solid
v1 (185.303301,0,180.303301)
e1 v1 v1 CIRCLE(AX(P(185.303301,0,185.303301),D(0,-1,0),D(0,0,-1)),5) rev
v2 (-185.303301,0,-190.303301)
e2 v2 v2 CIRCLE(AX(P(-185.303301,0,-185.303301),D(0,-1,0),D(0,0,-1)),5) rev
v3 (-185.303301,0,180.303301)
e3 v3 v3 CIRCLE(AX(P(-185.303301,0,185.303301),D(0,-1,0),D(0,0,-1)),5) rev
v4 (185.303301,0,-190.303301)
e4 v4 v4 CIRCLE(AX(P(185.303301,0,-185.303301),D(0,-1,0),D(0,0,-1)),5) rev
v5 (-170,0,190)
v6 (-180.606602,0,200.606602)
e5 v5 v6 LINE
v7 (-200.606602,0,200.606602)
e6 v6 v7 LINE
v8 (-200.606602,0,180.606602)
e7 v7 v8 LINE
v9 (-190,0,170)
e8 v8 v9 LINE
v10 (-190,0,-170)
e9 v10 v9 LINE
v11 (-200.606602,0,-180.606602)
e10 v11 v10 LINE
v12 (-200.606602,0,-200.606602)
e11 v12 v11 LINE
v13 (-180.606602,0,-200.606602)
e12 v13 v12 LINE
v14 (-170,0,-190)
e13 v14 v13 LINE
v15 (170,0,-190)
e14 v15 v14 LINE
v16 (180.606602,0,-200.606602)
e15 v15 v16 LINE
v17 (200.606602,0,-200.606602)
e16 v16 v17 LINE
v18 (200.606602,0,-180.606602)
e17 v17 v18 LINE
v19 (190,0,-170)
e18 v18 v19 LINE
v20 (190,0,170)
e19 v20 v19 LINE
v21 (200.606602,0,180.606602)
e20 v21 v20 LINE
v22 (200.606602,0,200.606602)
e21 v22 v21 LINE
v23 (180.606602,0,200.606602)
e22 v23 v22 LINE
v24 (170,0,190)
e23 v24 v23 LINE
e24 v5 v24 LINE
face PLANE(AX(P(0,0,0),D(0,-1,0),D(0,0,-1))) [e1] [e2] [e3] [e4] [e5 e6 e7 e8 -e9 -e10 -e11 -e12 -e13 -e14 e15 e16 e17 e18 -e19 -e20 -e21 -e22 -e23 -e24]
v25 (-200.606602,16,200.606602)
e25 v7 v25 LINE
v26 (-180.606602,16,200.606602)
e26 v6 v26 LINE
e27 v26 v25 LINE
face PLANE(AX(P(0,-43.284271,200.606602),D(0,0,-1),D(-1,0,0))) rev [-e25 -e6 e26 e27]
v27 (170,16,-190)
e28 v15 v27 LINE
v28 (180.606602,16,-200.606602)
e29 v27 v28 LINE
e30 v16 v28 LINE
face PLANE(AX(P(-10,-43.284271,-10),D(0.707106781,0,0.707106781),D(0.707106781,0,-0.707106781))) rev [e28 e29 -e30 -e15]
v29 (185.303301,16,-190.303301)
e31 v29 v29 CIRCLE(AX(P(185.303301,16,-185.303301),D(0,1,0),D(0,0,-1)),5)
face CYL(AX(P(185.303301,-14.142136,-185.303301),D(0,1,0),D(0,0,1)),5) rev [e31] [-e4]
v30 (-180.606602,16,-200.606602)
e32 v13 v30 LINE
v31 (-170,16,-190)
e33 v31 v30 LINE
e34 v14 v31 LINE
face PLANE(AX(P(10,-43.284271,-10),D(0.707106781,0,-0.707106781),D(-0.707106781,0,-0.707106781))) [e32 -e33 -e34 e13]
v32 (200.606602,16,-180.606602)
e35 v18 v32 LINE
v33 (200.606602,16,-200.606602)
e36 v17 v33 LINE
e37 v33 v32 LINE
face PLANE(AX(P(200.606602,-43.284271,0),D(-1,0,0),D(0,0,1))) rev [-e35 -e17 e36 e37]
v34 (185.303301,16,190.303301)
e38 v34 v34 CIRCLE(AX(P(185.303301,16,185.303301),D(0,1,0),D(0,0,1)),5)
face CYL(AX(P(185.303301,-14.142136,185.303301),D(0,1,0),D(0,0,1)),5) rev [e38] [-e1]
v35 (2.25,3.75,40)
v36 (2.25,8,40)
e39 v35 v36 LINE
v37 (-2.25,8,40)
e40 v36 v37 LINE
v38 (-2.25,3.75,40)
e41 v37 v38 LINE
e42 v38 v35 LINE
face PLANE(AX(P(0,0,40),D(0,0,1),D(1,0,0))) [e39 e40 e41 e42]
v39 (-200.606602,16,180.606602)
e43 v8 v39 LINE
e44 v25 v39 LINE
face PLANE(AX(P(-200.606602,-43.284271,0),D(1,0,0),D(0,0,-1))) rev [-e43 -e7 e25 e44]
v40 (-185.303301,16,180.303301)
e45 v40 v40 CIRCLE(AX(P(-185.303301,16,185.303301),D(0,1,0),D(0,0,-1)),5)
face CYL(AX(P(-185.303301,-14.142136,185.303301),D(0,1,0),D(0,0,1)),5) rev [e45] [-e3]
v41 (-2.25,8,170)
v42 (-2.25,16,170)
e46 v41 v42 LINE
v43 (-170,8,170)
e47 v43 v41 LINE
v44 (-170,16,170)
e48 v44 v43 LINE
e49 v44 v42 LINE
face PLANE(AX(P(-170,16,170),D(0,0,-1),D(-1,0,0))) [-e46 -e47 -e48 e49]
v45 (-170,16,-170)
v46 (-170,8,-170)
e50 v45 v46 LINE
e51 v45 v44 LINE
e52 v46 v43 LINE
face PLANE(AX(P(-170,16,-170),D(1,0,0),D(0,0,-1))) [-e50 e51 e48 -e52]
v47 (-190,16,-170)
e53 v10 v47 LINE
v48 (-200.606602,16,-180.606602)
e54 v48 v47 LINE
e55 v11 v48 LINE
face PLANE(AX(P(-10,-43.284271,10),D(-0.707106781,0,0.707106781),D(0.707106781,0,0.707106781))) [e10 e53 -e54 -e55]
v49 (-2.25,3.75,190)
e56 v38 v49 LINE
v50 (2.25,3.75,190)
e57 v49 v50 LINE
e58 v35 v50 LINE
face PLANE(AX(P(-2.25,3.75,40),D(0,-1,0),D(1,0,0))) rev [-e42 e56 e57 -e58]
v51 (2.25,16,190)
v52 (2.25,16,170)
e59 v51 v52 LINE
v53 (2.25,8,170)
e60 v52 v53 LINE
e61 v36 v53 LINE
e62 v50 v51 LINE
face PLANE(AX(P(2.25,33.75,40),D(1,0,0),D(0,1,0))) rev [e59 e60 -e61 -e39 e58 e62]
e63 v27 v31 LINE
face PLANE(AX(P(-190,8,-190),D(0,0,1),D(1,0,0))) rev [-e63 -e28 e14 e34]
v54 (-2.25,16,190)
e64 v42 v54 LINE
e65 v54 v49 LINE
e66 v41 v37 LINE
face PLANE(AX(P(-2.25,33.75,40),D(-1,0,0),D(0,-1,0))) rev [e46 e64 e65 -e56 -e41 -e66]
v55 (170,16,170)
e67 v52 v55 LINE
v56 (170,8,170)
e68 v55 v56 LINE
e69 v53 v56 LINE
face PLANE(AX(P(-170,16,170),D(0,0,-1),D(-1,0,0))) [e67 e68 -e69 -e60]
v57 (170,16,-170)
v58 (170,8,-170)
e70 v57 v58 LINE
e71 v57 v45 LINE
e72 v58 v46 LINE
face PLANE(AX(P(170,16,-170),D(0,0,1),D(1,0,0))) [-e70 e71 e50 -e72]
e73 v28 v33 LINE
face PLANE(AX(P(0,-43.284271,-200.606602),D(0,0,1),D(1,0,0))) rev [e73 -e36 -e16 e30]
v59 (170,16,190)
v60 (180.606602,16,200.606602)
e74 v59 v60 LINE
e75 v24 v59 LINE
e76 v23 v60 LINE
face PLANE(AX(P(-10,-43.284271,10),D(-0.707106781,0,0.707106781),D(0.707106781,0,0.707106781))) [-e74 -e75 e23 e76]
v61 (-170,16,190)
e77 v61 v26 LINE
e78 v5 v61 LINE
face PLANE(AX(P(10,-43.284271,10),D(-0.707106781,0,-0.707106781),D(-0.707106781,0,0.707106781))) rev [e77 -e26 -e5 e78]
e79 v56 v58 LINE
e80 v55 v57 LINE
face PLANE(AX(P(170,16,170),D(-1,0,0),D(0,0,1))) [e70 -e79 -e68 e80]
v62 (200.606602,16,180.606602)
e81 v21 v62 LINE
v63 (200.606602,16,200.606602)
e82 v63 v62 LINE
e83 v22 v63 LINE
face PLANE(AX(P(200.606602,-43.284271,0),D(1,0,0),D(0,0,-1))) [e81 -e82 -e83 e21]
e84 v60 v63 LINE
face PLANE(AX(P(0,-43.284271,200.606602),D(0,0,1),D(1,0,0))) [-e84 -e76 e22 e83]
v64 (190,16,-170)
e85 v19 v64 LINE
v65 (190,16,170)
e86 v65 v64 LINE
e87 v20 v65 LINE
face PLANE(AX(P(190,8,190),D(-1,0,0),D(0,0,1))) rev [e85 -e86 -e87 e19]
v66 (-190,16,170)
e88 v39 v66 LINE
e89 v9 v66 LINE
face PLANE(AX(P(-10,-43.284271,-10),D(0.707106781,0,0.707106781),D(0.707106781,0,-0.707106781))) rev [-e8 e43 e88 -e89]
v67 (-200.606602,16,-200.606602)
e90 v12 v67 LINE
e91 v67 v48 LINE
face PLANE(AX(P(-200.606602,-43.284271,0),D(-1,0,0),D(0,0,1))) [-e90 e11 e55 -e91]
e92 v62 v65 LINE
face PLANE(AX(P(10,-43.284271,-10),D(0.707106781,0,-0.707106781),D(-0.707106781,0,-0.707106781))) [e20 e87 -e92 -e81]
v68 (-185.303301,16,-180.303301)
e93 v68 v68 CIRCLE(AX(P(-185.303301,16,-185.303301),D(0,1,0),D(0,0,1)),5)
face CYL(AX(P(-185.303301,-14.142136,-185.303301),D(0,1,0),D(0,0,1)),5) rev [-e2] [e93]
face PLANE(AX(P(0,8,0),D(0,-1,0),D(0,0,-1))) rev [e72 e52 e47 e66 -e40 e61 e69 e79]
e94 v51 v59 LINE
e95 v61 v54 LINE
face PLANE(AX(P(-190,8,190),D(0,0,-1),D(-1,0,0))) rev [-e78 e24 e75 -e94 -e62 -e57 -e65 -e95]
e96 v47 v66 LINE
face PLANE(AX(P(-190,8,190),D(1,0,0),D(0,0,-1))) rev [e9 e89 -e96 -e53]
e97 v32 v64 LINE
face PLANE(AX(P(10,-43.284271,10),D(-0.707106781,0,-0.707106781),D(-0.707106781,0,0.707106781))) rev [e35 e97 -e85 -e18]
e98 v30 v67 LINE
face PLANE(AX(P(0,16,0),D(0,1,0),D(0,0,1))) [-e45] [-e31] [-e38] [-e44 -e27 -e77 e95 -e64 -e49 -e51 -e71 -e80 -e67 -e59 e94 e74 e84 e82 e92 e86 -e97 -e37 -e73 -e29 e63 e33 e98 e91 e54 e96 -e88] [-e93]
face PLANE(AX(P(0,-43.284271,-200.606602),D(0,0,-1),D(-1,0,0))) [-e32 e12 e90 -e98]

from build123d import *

# Parameters (mm, degrees)
SKETCH1_W            = 380
SKETCH1_H            = 380
BOSS_EXTRUDE1_DEPTH  = 8
SKETCH2_W            = 380
SKETCH2_H            = 380
SKETCH2_W_2          = 340
SKETCH2_H_2          = 340
BOSS_EXTRUDE2_DEPTH  = 8
BOSS_EXTRUDE3_DEPTH  = 16
MIRROR2_COPY_1_DEPTH = 16
SKETCH6_R            = 5
CUT_EXTRUDE1_DEPTH   = 16
SKETCH8_W            = 4.5
SKETCH8_H            = 30
CUT_EXTRUDE2_DEPTH   = 150


with BuildPart() as part:
    # Sketch1 → Boss-Extrude1 (new body)
    with BuildSketch(Plane(origin=(0, 0, 0), x_dir=(1, 0, 0), z_dir=(0, 1, 0))):
        Rectangle(SKETCH1_W, SKETCH1_H)
    extrude(amount=BOSS_EXTRUDE1_DEPTH)

    # Sketch2 → Boss-Extrude2 (add)
    with BuildSketch(Plane(origin=(0, 8, 0), x_dir=(1, 0, 0), z_dir=(0, 1, 0))):
        Rectangle(SKETCH2_W, SKETCH2_H)
        Rectangle(SKETCH2_W_2, SKETCH2_H_2, mode=Mode.SUBTRACT)
    extrude(amount=BOSS_EXTRUDE2_DEPTH)

    # Sketch3 → Boss-Extrude3 (add)
    with BuildSketch(Plane(origin=(0, 16, 0), x_dir=(1, 0, 0), z_dir=(0, 1, 0))):
        Polygon((-200.606601718, 180.606601718), (-190, 170), (-190, 190), (-170, 190), (-180.606601718, 200.606601718), (-200.606601718, 200.606601718), align=None)
    boss_extrude3 = extrude(amount=-BOSS_EXTRUDE3_DEPTH)

    # Mirror1: Boss-Extrude3 across plane
    add(boss_extrude3.mirror(Plane(origin=(0, 0, 0), x_dir=(0, 0, 1), z_dir=(1, 0, 0))))

    # Mirror2: Boss-Extrude3 across plane
    add(boss_extrude3.mirror(Plane.XY))

    # Mirror2 copy 1 sketch → Mirror2 copy 1 (add)
    with BuildSketch(Plane(origin=(0, 16, 0), x_dir=(-1, 0, 0), z_dir=(0, 1, 0))):
        Polygon((-200.606601718, 180.606601718), (-190, 170), (-190, 190), (-170, 190), (-180.606601718, 200.606601718), (-200.606601718, 200.606601718), align=None)
    extrude(amount=-MIRROR2_COPY_1_DEPTH)

    # Sketch6 → Cut-Extrude1 (cut)
    with BuildSketch(Plane(origin=(0, 16, 0), x_dir=(1, 0, 0), z_dir=(0, 1, 0))):
        with Locations(Location((-185.303300859, 185.303300859, 0), (0, 0, 270))):
            Circle(SKETCH6_R)
        with Locations(Location((185.303300859, 185.303300859, 0), (0, 0, 90))):
            Circle(SKETCH6_R)
        with Locations(Location((185.303300859, -185.303300859, 0), (0, 0, 270))):
            Circle(SKETCH6_R)
        with Locations(Location((-185.303300859, -185.303300859, 0), (0, 0, 90))):
            Circle(SKETCH6_R)
    extrude(amount=-CUT_EXTRUDE1_DEPTH, mode=Mode.SUBTRACT)

    # Sketch8 → Cut-Extrude2 (cut)
    with BuildSketch(Plane.XY.offset(190)):
        with Locations((0, 18.75)):
            Rectangle(SKETCH8_W, SKETCH8_H)
    extrude(amount=-CUT_EXTRUDE2_DEPTH, mode=Mode.SUBTRACT)


solid = part.part
